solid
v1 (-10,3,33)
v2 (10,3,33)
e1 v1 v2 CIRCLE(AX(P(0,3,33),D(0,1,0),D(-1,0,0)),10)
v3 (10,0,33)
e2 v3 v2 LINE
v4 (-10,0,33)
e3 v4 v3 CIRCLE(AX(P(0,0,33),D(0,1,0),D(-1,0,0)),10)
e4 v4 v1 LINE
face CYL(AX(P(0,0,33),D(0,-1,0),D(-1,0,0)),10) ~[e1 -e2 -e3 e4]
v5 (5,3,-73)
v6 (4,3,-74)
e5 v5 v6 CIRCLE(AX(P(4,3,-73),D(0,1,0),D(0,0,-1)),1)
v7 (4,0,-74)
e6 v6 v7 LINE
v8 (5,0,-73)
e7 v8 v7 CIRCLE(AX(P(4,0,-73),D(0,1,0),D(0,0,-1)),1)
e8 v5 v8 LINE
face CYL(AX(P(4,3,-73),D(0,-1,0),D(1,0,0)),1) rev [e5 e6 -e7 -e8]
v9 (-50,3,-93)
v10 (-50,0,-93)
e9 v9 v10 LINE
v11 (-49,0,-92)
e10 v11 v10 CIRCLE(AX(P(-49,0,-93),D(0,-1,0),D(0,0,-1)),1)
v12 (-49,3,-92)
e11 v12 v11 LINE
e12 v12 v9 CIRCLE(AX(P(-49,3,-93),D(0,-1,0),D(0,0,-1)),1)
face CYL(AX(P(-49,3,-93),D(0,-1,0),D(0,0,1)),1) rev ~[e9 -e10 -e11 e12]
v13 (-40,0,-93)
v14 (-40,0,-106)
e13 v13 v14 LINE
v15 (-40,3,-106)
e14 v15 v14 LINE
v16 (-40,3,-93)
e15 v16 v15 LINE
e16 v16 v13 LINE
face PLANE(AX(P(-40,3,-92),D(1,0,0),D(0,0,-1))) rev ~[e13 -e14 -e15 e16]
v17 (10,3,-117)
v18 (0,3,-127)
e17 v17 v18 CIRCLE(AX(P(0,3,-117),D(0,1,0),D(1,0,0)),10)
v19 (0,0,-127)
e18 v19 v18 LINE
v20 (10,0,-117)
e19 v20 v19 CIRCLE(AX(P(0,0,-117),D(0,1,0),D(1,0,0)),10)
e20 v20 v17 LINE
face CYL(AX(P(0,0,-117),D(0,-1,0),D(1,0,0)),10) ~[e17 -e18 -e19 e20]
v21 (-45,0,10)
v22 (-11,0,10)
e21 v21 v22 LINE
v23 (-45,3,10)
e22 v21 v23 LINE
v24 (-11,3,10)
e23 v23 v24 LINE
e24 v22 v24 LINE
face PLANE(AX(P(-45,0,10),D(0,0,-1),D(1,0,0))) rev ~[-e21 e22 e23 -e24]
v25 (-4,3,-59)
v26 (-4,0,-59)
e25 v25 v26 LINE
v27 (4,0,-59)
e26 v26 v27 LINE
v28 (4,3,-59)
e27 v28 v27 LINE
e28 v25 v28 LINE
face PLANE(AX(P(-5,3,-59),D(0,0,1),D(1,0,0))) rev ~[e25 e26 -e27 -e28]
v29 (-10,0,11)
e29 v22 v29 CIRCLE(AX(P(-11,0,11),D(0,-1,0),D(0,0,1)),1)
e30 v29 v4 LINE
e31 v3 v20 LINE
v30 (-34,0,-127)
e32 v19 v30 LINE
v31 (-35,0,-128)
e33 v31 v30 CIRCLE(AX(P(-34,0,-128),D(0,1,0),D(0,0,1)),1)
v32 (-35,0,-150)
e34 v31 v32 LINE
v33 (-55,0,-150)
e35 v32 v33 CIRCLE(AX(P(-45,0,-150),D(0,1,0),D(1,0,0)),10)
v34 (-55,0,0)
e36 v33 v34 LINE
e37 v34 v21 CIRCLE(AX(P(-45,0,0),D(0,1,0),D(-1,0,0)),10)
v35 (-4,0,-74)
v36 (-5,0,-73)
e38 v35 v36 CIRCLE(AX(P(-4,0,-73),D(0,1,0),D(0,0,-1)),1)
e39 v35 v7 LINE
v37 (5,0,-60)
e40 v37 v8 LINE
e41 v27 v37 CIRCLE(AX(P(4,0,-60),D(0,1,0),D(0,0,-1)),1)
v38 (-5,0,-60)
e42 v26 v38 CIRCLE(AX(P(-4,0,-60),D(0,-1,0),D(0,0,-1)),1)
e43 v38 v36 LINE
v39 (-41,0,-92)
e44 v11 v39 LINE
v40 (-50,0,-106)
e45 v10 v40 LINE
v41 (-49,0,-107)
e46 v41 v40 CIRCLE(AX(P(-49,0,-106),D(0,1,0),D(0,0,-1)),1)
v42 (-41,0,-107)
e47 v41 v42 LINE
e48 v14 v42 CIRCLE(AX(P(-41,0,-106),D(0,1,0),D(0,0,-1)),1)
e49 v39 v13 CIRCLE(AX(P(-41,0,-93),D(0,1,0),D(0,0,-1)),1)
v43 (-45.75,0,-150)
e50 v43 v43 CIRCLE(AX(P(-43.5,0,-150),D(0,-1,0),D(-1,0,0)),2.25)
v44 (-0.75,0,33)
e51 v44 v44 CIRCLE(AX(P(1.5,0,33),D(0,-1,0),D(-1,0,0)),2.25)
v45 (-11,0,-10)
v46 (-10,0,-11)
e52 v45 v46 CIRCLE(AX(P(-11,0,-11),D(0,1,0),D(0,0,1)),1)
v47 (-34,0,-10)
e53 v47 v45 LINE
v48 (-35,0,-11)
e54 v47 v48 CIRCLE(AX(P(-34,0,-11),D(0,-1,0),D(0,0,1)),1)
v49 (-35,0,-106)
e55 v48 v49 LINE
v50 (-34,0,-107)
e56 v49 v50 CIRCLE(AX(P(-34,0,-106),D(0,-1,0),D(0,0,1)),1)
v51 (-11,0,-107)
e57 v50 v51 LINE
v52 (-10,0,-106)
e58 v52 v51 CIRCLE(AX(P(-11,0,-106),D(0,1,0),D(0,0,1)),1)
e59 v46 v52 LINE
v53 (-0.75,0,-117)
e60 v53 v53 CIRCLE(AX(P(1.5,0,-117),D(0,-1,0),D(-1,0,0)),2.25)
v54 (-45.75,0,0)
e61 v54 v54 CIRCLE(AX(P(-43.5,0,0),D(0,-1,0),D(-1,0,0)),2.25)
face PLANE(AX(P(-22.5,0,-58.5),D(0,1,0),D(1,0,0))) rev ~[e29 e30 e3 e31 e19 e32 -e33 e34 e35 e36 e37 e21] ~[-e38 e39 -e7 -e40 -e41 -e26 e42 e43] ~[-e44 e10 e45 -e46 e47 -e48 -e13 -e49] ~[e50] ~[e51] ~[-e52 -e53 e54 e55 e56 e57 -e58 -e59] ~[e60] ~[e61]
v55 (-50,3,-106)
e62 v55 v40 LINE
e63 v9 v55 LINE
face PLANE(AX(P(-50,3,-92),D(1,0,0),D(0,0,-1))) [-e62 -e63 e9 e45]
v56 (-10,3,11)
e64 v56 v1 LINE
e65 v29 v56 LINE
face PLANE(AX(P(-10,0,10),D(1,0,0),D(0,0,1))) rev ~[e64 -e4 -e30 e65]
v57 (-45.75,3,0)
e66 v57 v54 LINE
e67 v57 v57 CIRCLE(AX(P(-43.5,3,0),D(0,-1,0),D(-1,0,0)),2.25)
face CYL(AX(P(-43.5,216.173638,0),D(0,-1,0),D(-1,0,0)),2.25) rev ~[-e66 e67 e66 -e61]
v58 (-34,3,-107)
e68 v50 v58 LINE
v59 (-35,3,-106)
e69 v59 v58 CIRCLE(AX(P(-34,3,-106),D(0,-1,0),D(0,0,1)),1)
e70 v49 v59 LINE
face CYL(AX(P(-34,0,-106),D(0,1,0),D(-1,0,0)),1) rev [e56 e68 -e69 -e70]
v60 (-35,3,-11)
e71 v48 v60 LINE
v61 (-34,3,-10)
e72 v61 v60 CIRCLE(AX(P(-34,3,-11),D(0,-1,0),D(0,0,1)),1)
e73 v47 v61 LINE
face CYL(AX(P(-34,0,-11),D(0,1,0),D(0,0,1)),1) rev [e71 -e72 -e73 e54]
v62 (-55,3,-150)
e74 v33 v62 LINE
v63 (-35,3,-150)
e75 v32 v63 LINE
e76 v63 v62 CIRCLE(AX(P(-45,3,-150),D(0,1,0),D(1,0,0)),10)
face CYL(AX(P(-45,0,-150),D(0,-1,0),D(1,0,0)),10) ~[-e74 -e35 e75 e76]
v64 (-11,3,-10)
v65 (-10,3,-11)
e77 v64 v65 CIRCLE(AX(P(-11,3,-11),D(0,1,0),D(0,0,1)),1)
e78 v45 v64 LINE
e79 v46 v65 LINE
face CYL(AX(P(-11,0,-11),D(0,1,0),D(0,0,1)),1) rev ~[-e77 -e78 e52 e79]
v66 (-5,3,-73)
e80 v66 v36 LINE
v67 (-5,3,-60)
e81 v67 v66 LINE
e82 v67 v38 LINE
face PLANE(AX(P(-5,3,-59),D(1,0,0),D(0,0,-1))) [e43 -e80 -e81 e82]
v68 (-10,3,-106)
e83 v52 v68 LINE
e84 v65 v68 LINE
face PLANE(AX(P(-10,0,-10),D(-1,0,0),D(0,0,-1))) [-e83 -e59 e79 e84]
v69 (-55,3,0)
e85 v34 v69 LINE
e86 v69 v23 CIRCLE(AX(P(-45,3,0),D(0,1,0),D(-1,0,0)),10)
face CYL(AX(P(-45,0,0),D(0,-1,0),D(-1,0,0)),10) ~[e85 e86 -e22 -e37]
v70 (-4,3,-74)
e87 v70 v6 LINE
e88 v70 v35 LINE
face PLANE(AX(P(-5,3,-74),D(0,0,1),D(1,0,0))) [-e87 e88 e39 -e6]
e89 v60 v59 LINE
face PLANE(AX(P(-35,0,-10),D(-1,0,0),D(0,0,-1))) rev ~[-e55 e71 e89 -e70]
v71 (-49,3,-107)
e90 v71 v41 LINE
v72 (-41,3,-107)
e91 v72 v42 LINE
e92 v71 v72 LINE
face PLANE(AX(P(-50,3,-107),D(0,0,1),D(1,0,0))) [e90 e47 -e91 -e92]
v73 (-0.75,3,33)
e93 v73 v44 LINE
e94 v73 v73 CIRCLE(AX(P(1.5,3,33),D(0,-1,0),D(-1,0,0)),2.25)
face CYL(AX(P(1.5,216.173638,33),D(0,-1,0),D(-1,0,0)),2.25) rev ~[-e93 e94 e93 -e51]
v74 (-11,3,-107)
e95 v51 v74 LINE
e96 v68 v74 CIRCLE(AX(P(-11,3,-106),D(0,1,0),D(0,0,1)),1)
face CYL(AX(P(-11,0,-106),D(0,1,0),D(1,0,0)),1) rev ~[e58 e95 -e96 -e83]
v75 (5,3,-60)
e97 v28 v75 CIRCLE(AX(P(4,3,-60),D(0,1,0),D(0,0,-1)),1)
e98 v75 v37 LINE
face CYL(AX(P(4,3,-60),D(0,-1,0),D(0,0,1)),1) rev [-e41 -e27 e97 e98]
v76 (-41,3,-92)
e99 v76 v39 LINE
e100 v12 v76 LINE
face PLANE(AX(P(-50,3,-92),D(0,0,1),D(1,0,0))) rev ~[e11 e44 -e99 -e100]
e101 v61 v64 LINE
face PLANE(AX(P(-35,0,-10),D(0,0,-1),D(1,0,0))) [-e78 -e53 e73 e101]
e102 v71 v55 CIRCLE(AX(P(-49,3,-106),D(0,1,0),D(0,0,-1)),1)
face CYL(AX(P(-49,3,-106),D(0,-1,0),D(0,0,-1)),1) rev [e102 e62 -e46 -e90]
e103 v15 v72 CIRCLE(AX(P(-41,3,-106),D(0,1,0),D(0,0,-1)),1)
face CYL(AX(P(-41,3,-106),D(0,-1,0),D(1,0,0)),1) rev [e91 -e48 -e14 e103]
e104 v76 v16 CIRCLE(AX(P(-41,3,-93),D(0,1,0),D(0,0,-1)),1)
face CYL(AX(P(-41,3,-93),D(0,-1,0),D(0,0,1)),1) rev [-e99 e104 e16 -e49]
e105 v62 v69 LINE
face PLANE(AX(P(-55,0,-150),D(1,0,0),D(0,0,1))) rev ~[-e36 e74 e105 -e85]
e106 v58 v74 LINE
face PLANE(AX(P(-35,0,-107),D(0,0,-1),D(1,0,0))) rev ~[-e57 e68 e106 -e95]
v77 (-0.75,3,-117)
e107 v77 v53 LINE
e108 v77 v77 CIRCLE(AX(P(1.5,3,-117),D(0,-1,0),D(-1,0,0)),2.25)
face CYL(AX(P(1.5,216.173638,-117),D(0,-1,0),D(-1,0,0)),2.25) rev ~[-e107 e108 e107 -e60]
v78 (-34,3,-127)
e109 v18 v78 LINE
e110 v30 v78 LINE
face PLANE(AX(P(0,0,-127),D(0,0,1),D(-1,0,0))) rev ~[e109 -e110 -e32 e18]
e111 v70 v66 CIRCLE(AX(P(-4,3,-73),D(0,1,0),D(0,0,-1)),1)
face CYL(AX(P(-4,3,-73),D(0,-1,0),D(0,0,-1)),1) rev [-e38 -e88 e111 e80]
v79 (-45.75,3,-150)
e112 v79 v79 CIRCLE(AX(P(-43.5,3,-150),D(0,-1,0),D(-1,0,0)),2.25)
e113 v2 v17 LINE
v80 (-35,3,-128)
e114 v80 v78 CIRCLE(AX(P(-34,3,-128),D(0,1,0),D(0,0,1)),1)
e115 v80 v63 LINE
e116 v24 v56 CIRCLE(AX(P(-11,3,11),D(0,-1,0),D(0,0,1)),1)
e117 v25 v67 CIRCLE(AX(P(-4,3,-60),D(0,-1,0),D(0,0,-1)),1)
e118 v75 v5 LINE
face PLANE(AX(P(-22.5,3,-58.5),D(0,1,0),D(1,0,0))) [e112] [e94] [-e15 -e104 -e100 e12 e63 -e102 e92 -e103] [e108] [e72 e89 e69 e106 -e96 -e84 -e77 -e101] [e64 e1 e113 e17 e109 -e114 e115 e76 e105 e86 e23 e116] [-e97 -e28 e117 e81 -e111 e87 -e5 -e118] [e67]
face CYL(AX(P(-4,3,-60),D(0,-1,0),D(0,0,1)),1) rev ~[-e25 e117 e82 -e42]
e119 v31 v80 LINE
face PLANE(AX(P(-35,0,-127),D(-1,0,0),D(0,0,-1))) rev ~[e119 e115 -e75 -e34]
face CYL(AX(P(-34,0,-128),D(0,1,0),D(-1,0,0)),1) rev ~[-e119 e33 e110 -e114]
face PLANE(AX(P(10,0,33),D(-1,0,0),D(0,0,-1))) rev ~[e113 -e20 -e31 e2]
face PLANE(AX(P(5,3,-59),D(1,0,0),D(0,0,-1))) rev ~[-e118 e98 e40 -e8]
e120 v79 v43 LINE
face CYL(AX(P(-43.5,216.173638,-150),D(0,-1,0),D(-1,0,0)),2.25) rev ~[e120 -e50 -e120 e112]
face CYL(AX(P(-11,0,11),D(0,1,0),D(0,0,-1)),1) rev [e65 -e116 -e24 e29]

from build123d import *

# Parameters (mm, degrees)
SKETCH1_W            = 25
SKETCH1_H            = 97
BOSS_EXTRUDE1_DEPTH  = 3
SKETCH4_W            = 10
SKETCH4_H            = 15
CUT_EXTRUDE1_DEPTH   = 170.215838502
FILLET2_R            = 1
M4_CLEARANCE_HOLE1_D = 4.5


with BuildPart() as part:
    # Sketch1 → Boss-Extrude1 (new body)
    with BuildSketch(Plane(origin=(0, 0, 0), x_dir=(1, 0, 0), z_dir=(0, 1, 0))):
        with BuildLine():
            Line((-45, -10), (-10, -10))
            Line((-10, -10), (-10, -33))
            ThreePointArc((-10, -33), (0, -43), (10, -33))
            Line((10, -33), (10, 117))
            ThreePointArc((10, 117), (7.071067812, 124.071067812), (0, 127))
            Line((0, 127), (-35, 127))
            Line((-35, 127), (-35, 150))
            ThreePointArc((-35, 150), (-45, 160), (-55, 150))
            Line((-55, 150), (-55, 0))
            ThreePointArc((-55, 0), (-52.071067812, -7.071067812), (-45, -10))
        make_face()
        with Locations((-22.5, 58.5)):
            Rectangle(SKETCH1_W, SKETCH1_H, mode=Mode.SUBTRACT)
    extrude(amount=BOSS_EXTRUDE1_DEPTH)

    # Sketch4 → Cut-Extrude1 (cut, through all)
    with BuildSketch(Plane(origin=(0, 3, 0), x_dir=(1, 0, 0), z_dir=(0, 1, 0))):
        with Locations((-45, 99.5)):
            Rectangle(SKETCH4_W, SKETCH4_H)
        with Locations((0, 66.5)):
            Rectangle(SKETCH4_W, SKETCH4_H)
    extrude(amount=-CUT_EXTRUDE1_DEPTH, mode=Mode.SUBTRACT)

    # Fillet2
    fillet2_edges = [part.edges().sort_by_distance(p)[0] for p in [
        (-35, 1.5, -127),
        (-10, 1.5, 10),
        (-35, 1.5, -107),
        (-35, 1.5, -10),
        (-10, 1.5, -10),
        (-10, 1.5, -107),
        (-50, 1.5, -92),
        (-50, 1.5, -107),
        (-40, 1.5, -107),
        (-40, 1.5, -92),
        (-5, 1.5, -59),
        (-5, 1.5, -74),
        (5, 1.5, -74),
        (5, 1.5, -59),
    ]]
    fillet(fillet2_edges, radius=FILLET2_R)

    # M4 Clearance Hole1 (through all)
    with Locations(Plane(origin=(0, 3, 0), x_dir=(1, 0, 0), z_dir=(0, 1, 0))):
        with Locations((-43.5, 150), (1.5, 117), (-43.5, 0), (1.5, -33)):
            Hole(M4_CLEARANCE_HOLE1_D / 2)


solid = part.part
